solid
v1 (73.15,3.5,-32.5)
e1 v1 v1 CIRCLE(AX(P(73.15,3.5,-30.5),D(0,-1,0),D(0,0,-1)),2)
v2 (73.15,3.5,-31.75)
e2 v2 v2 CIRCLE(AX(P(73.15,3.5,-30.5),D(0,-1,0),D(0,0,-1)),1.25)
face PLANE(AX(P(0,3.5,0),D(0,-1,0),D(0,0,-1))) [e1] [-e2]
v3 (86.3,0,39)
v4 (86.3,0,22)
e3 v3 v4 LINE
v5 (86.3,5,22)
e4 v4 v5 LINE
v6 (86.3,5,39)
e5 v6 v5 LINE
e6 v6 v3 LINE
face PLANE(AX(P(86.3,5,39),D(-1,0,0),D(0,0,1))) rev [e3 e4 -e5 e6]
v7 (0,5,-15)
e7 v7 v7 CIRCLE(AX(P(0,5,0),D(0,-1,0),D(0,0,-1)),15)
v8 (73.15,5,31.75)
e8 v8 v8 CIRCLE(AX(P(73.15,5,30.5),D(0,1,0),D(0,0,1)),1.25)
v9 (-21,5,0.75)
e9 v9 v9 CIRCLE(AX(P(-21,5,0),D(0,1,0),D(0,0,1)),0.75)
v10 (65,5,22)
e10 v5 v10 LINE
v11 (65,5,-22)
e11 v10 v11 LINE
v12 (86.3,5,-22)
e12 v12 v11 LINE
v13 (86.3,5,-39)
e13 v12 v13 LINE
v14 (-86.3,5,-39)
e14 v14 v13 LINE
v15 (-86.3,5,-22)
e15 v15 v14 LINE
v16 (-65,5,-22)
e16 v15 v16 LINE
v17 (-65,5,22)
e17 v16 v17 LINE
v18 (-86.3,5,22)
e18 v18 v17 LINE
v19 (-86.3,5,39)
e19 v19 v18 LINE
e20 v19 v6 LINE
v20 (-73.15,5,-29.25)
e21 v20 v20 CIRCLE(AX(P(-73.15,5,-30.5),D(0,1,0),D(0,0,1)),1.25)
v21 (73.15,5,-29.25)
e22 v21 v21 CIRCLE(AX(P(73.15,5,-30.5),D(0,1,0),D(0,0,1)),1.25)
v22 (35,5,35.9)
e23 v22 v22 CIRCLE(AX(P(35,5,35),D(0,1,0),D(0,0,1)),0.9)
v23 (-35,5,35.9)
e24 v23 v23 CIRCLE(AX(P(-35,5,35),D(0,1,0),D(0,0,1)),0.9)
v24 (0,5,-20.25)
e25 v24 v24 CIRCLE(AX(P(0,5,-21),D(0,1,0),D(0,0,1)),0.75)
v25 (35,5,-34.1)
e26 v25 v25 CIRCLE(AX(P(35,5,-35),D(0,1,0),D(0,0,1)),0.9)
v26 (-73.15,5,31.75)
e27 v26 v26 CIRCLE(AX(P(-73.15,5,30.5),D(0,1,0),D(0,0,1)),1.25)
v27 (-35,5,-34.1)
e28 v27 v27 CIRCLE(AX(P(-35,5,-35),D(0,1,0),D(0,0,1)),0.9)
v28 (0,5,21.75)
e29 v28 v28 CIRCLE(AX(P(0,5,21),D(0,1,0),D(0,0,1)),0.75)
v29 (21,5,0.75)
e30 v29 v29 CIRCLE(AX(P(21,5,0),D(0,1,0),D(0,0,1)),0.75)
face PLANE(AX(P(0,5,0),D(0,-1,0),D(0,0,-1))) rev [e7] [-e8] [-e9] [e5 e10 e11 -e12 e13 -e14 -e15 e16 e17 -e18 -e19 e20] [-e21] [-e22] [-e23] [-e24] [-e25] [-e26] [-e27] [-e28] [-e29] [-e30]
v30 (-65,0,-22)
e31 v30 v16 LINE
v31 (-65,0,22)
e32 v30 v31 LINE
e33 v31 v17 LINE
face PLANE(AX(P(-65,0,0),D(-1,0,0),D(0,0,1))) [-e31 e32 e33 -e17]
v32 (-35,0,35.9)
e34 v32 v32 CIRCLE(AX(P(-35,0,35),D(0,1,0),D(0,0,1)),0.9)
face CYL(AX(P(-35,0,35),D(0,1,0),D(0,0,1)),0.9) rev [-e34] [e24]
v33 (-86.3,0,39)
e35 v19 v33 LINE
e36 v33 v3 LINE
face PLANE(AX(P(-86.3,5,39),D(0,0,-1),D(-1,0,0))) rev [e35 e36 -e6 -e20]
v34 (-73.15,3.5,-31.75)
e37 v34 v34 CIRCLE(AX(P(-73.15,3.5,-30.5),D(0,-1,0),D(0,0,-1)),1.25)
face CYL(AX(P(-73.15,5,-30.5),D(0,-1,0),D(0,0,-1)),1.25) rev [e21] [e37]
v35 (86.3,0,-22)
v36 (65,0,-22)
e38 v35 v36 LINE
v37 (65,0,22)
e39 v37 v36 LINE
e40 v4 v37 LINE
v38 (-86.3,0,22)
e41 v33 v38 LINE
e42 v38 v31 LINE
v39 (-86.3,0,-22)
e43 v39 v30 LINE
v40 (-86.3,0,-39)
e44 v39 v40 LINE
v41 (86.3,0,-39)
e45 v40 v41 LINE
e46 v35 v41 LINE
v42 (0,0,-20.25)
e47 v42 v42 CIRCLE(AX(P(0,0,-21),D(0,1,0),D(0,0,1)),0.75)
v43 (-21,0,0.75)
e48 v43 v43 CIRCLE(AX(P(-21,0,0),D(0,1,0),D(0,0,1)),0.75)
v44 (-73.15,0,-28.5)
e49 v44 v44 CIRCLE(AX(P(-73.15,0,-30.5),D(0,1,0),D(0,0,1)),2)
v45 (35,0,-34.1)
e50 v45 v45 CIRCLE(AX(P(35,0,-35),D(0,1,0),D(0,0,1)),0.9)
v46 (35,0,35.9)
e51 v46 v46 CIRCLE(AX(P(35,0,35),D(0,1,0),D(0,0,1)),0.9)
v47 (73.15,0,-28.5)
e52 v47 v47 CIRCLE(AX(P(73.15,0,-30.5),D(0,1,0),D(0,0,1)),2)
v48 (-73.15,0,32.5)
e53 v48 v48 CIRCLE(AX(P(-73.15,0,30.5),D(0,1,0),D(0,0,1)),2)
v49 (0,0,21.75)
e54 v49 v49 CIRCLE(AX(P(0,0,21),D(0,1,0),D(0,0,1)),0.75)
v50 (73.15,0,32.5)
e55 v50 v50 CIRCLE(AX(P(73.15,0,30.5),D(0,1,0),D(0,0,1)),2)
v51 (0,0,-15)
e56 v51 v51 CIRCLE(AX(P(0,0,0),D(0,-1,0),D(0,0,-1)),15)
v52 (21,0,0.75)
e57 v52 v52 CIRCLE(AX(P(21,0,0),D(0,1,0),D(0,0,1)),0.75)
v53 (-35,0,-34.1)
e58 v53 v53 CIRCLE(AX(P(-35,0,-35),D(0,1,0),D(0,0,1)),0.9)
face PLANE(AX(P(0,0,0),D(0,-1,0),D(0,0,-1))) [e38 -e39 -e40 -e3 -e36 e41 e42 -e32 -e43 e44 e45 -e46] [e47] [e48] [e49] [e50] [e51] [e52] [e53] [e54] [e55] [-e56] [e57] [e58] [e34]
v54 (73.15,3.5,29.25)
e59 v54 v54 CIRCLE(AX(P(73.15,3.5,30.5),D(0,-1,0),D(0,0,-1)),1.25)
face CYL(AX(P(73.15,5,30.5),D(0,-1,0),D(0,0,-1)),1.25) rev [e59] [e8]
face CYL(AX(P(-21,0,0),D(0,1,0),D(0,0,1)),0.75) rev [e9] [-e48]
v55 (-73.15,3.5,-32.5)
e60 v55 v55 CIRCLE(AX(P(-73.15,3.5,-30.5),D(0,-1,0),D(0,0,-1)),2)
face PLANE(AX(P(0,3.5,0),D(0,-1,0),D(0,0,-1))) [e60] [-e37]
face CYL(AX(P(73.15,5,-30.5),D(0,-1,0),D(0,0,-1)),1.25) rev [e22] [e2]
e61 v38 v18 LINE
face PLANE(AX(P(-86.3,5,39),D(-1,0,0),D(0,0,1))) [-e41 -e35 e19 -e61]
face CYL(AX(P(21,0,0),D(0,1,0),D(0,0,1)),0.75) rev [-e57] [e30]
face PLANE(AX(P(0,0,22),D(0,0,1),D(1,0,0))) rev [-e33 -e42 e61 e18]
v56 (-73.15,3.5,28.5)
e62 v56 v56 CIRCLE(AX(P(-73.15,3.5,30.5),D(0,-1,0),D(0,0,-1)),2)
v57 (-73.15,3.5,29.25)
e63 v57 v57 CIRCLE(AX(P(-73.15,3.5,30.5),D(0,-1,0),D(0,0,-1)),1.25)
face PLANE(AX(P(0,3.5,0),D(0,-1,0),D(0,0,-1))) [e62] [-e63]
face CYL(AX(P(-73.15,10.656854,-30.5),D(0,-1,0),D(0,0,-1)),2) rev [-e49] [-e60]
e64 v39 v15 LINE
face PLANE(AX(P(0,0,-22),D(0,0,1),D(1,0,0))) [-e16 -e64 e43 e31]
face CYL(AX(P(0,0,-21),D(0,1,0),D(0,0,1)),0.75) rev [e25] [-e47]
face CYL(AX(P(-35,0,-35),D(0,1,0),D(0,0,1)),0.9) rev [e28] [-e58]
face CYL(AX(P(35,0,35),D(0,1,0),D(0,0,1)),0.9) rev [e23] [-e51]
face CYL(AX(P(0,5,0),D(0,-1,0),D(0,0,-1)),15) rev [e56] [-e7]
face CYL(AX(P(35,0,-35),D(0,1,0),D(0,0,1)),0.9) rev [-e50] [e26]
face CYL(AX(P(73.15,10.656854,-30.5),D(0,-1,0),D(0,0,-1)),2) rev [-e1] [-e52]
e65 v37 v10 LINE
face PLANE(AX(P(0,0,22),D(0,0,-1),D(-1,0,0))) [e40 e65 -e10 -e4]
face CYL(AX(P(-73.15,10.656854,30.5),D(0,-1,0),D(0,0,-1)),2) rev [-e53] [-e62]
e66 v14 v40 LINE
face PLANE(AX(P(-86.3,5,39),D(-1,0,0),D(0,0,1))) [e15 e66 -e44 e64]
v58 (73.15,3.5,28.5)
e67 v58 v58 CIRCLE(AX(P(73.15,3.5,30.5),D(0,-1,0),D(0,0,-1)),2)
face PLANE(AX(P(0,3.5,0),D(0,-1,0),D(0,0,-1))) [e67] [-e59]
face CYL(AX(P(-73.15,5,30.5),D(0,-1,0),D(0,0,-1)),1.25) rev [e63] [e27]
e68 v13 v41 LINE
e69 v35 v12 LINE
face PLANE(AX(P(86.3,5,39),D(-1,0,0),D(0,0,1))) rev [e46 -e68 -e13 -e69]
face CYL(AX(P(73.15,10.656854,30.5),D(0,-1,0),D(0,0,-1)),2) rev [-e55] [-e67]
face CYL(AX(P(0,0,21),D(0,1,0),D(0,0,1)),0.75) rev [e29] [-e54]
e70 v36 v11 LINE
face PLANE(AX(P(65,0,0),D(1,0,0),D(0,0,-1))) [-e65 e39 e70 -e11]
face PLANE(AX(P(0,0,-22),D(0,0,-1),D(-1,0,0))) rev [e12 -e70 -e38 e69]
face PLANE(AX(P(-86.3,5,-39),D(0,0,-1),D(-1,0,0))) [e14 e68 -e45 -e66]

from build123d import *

# Parameters (mm, degrees)
SKETCH_1_W          = 172.6
SKETCH_1_H          = 78
SKETCH_1_R          = 1.25
EXTRUDE_1_DEPTH     = 5
SKETCH_2_W          = 21.3
SKETCH_2_H          = 44
CUT_EXTRUDE_1_DEPTH = 95.835067354
SKETCH_1_3_R        = 2
CUT_EXTRUDE_2_DEPTH = 3.5
SKETCH_3_R          = 0.9
CUT_EXTRUDE_3_DEPTH = 95.835067354
SKETCH_4_R          = 15
CUT_EXTRUDE_4_DEPTH = 95.835067354
SKETCH_5_R          = 0.75
CUT_EXTRUDE_5_DEPTH = 95.835067354


with BuildPart() as part:
    # 草图1 → 凸台-拉伸1 (new body)
    with BuildSketch(Plane(origin=(0, 0, 0), x_dir=(1, 0, 0), z_dir=(0, 1, 0))):
        Rectangle(SKETCH_1_W, SKETCH_1_H)
        with Locations(Location((-73.15, 30.5, 0), (0, 0, 270))):
            Circle(SKETCH_1_R, mode=Mode.SUBTRACT)
        with Locations(Location((-73.15, -30.5, 0), (0, 0, 270))):
            Circle(SKETCH_1_R, mode=Mode.SUBTRACT)
        with Locations(Location((73.15, 30.5, 0), (0, 0, 270))):
            Circle(SKETCH_1_R, mode=Mode.SUBTRACT)
        with Locations(Location((73.15, -30.5, 0), (0, 0, 270))):
            Circle(SKETCH_1_R, mode=Mode.SUBTRACT)
    extrude(amount=EXTRUDE_1_DEPTH)

    # 草图2 → 切除-拉伸1 (cut, through all)
    with BuildSketch(Plane(origin=(0, 5, 0), x_dir=(1, 0, 0), z_dir=(0, 1, 0))):
        with Locations((-75.65, 0)):
            Rectangle(SKETCH_2_W, SKETCH_2_H)
        with Locations((75.65, 0)):
            Rectangle(SKETCH_2_W, SKETCH_2_H)
    extrude(amount=-CUT_EXTRUDE_1_DEPTH, mode=Mode.SUBTRACT)

    # 草图1<3> → 切除-拉伸2 (cut)
    with BuildSketch(Plane(origin=(0, 0, 0), x_dir=(1, 0, 0), z_dir=(0, 1, 0))):
        with Locations(Location((-73.15, 30.5, 0), (0, 0, 90))):
            Circle(SKETCH_1_3_R)
        with Locations(Location((-73.15, -30.5, 0), (0, 0, 90))):
            Circle(SKETCH_1_3_R)
        with Locations(Location((73.15, 30.5, 0), (0, 0, 90))):
            Circle(SKETCH_1_3_R)
        with Locations(Location((73.15, -30.5, 0), (0, 0, 90))):
            Circle(SKETCH_1_3_R)
    extrude(amount=CUT_EXTRUDE_2_DEPTH, mode=Mode.SUBTRACT)

    # 草图3 → 切除-拉伸3 (cut, through all)
    with BuildSketch(Plane(origin=(0, 5, 0), x_dir=(1, 0, 0), z_dir=(0, 1, 0))):
        with Locations(Location((-35, 35, 0), (0, 0, 270))):
            Circle(SKETCH_3_R)
        with Locations(Location((35, 35, 0), (0, 0, 270))):
            Circle(SKETCH_3_R)
        with Locations(Location((-35, -35, 0), (0, 0, 270))):
            Circle(SKETCH_3_R)
        with Locations(Location((35, -35, 0), (0, 0, 270))):
            Circle(SKETCH_3_R)
    extrude(amount=-CUT_EXTRUDE_3_DEPTH, mode=Mode.SUBTRACT)

    # 草图4 → 切除-拉伸4 (cut, through all)
    with BuildSketch(Plane.XZ):
        with Locations(Location((0, 0, 0), (0, 0, 270))):
            Circle(SKETCH_4_R)
    extrude(amount=-CUT_EXTRUDE_4_DEPTH, mode=Mode.SUBTRACT)

    # 草图5 → 切除-拉伸5 (cut, through all)
    with BuildSketch(Plane(origin=(0, 5, 0), x_dir=(1, 0, 0), z_dir=(0, 1, 0))):
        with Locations(Location((0, 21, 0), (0, 0, 270))):
            Circle(SKETCH_5_R)
        with Locations(Location((21, 0, 0), (0, 0, 270))):
            Circle(SKETCH_5_R)
        with Locations(Location((-21, 0, 0), (0, 0, 270))):
            Circle(SKETCH_5_R)
        with Locations(Location((0, -21, 0), (0, 0, 270))):
            Circle(SKETCH_5_R)
    extrude(amount=-CUT_EXTRUDE_5_DEPTH, mode=Mode.SUBTRACT)


solid = part.part
